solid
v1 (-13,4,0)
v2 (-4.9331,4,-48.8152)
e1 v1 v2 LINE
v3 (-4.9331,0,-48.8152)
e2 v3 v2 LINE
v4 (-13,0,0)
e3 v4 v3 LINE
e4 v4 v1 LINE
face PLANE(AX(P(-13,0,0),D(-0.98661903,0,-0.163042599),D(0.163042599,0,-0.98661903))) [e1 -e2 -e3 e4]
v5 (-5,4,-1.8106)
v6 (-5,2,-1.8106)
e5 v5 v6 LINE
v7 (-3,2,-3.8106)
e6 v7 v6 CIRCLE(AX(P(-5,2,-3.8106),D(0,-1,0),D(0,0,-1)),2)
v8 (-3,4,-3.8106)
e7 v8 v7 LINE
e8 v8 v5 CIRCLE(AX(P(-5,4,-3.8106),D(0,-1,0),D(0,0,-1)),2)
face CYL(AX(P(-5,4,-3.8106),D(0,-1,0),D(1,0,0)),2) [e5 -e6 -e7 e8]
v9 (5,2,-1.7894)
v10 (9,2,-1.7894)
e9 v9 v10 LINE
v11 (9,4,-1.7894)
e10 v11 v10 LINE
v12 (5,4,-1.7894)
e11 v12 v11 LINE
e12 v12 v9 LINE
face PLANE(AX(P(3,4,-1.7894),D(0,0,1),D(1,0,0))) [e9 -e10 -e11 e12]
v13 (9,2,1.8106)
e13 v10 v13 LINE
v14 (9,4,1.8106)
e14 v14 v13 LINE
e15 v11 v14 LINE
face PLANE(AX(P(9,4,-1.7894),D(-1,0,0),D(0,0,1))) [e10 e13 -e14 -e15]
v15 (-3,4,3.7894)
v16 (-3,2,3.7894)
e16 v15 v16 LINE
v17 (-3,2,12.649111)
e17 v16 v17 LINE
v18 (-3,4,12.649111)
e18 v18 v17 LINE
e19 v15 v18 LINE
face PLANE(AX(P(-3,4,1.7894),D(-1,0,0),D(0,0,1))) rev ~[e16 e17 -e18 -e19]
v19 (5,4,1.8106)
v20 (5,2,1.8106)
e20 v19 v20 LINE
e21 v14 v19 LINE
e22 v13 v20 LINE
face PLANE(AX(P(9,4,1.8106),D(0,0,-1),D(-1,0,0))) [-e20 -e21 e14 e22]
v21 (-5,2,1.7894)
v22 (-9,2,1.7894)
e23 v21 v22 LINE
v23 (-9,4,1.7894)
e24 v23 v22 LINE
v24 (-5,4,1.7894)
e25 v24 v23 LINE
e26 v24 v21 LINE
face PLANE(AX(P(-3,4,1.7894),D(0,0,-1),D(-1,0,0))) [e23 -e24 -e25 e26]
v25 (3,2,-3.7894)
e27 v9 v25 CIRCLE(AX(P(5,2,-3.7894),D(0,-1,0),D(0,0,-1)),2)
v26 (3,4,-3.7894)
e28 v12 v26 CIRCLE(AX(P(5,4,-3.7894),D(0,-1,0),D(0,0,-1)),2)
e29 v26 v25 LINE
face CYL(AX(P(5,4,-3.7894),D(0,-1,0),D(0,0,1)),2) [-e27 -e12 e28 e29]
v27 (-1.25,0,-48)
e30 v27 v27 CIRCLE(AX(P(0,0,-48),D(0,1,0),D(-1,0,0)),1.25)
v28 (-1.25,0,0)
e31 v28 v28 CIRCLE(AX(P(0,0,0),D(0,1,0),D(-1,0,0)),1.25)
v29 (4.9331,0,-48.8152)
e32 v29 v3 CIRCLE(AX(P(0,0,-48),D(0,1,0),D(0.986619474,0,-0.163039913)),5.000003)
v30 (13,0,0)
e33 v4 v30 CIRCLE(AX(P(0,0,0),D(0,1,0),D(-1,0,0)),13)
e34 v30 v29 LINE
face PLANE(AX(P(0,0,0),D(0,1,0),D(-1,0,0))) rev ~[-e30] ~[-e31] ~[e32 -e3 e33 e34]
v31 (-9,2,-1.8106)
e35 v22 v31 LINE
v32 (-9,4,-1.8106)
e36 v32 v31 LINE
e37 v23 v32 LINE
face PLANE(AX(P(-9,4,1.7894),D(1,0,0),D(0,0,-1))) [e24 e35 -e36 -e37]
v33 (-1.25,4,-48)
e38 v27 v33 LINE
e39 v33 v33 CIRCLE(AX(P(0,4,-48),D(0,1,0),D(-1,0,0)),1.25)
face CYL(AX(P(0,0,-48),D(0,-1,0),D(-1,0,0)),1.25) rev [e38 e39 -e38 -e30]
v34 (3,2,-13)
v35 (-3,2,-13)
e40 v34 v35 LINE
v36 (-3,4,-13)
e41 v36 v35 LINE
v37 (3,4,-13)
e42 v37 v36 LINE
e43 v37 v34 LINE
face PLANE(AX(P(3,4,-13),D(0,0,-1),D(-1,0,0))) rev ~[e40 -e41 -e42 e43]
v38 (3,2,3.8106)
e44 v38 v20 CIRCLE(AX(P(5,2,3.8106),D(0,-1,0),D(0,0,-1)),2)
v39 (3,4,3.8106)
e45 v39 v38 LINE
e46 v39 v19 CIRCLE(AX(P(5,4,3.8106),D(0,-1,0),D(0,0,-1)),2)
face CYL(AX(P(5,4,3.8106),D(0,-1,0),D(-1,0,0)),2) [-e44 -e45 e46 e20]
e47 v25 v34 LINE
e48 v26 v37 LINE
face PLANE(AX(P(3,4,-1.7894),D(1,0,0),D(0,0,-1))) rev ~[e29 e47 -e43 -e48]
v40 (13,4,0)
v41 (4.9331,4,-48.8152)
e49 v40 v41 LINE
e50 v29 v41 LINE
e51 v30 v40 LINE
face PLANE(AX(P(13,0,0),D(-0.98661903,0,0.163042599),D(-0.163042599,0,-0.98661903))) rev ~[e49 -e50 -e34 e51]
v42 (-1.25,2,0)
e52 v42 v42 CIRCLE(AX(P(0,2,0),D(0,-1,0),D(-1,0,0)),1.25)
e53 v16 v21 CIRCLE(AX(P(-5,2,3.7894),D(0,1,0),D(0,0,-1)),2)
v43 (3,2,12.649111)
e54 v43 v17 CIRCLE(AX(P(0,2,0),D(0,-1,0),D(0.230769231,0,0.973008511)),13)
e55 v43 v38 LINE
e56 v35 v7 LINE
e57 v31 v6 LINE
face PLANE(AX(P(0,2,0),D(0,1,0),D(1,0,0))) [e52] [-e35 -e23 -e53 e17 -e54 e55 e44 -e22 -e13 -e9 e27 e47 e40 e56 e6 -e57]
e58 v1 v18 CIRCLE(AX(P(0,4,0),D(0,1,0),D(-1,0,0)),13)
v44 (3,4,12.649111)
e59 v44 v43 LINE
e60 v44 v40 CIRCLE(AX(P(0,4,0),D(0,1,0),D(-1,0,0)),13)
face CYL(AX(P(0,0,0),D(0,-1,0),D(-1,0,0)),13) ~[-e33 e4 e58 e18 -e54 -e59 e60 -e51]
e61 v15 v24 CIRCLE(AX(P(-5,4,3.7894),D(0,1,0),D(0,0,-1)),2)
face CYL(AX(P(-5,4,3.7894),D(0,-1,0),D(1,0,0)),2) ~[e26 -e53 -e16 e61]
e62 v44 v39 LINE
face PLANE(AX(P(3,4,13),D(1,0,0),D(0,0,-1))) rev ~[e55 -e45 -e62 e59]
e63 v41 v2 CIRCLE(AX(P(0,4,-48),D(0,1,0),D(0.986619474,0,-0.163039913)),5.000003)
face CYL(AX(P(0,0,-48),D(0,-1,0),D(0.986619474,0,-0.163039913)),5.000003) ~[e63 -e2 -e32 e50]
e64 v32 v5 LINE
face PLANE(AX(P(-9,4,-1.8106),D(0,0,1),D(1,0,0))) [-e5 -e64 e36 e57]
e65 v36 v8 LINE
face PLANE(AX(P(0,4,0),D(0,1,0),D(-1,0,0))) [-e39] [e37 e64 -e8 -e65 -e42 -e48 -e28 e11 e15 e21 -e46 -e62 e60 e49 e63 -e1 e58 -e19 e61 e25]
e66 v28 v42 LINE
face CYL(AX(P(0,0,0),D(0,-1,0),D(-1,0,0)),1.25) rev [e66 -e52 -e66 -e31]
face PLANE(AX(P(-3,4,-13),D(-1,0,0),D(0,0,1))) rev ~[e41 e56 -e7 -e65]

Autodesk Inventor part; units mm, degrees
ref_plane "YZ Plane" through (0, 0, 0) normal (1, 0, 0) x (0, 1, 0)
ref_plane "XZ Plane" through (0, 0, 0) normal (0, 1, 0) x (-1, 0, 0)
ref_plane "XY Plane" through (0, 0, 0) normal (0, 0, 1) x (1, 0, 0)
sketch "Sketch1" plane through (0, 0, 0) normal (0, 1, 0) x (-1, 0, 0)
  arc A0 (13, 0) -> (-13, 0) centre (0, 0) ccw
  circle A1 centre (0, 0) radius 1.25
  arc A2 (-4.9331, -48.8152) -> (4.9331, -48.8152) centre (0, -48) ccw
  line L0 (13, 0) -> (4.9331, -48.8152)
  line L1 (-13, 0) -> (-4.9331, -48.8152)
  circle A3 centre (0, -48) radius 1.25
  dimension "d3" = 2.5
  dimension "d16" = 10
  dimension "d17" = 2.5
  dimension "d19" = 13
  dimension "d20" = 48
extrude "Extrusion1" add sketch "Sketch1" along normal blind 4
sketch "Sketch2" plane through (0, 4, 0) normal (0, 1, 0) x (1, 0, 0)
  line L0 (-3, -13) -> (3, -13)
  line L1 (3, 13) -> (-3, 13)
  circle A0 centre (0, 0) radius 1.25 projected
  line L2 (-3, -13) -> (3, 13) construction
  line L3 (3, -13) -> (-3, 13) construction
  line L4 (9, 1.7894) -> (9, -1.8106)
  line L5 (-9, -1.7894) -> (-9, 1.8106)
  line L6 (-9, 1.8106) -> (9, -1.8106) construction
  line L7 (9, 1.7894) -> (-9, -1.7894) construction
  line L8 (3, 1.7894) -> (9, 1.7894)
  line L9 (-9, 1.8106) -> (-3, 1.8106)
  line L10 (-3, -1.7894) -> (-9, -1.7894)
  line L11 (9, -1.8106) -> (3, -1.8106)
  line L12 (3, 1.7894) -> (3, 13)
  line L13 (3, -13) -> (3, -1.8106)
  line L14 (-3, -1.7894) -> (-3, -13)
  line L15 (-3, 13) -> (-3, 1.8106)
  point P0 (-9, 0.0106)
  dimension "d7" = 6
  dimension "d12" = 3.6
  dimension "d13" = 13
  dimension "d14" = 13
  dimension "d15" = 9
extrude "Extrusion2" cut sketch "Sketch2" against normal blind 2 contours L14 L10 L5 L9 L15 L1 L12 L8 L4 L11 L13 L0 | A0
fillet "Fillet3" radius 2 4 edges at (-3, 3, -1.8106) (-3, 3, 1.7894) (3, 3, -1.7894) (3, 3, 1.8106)
properties part number "6P-016"
